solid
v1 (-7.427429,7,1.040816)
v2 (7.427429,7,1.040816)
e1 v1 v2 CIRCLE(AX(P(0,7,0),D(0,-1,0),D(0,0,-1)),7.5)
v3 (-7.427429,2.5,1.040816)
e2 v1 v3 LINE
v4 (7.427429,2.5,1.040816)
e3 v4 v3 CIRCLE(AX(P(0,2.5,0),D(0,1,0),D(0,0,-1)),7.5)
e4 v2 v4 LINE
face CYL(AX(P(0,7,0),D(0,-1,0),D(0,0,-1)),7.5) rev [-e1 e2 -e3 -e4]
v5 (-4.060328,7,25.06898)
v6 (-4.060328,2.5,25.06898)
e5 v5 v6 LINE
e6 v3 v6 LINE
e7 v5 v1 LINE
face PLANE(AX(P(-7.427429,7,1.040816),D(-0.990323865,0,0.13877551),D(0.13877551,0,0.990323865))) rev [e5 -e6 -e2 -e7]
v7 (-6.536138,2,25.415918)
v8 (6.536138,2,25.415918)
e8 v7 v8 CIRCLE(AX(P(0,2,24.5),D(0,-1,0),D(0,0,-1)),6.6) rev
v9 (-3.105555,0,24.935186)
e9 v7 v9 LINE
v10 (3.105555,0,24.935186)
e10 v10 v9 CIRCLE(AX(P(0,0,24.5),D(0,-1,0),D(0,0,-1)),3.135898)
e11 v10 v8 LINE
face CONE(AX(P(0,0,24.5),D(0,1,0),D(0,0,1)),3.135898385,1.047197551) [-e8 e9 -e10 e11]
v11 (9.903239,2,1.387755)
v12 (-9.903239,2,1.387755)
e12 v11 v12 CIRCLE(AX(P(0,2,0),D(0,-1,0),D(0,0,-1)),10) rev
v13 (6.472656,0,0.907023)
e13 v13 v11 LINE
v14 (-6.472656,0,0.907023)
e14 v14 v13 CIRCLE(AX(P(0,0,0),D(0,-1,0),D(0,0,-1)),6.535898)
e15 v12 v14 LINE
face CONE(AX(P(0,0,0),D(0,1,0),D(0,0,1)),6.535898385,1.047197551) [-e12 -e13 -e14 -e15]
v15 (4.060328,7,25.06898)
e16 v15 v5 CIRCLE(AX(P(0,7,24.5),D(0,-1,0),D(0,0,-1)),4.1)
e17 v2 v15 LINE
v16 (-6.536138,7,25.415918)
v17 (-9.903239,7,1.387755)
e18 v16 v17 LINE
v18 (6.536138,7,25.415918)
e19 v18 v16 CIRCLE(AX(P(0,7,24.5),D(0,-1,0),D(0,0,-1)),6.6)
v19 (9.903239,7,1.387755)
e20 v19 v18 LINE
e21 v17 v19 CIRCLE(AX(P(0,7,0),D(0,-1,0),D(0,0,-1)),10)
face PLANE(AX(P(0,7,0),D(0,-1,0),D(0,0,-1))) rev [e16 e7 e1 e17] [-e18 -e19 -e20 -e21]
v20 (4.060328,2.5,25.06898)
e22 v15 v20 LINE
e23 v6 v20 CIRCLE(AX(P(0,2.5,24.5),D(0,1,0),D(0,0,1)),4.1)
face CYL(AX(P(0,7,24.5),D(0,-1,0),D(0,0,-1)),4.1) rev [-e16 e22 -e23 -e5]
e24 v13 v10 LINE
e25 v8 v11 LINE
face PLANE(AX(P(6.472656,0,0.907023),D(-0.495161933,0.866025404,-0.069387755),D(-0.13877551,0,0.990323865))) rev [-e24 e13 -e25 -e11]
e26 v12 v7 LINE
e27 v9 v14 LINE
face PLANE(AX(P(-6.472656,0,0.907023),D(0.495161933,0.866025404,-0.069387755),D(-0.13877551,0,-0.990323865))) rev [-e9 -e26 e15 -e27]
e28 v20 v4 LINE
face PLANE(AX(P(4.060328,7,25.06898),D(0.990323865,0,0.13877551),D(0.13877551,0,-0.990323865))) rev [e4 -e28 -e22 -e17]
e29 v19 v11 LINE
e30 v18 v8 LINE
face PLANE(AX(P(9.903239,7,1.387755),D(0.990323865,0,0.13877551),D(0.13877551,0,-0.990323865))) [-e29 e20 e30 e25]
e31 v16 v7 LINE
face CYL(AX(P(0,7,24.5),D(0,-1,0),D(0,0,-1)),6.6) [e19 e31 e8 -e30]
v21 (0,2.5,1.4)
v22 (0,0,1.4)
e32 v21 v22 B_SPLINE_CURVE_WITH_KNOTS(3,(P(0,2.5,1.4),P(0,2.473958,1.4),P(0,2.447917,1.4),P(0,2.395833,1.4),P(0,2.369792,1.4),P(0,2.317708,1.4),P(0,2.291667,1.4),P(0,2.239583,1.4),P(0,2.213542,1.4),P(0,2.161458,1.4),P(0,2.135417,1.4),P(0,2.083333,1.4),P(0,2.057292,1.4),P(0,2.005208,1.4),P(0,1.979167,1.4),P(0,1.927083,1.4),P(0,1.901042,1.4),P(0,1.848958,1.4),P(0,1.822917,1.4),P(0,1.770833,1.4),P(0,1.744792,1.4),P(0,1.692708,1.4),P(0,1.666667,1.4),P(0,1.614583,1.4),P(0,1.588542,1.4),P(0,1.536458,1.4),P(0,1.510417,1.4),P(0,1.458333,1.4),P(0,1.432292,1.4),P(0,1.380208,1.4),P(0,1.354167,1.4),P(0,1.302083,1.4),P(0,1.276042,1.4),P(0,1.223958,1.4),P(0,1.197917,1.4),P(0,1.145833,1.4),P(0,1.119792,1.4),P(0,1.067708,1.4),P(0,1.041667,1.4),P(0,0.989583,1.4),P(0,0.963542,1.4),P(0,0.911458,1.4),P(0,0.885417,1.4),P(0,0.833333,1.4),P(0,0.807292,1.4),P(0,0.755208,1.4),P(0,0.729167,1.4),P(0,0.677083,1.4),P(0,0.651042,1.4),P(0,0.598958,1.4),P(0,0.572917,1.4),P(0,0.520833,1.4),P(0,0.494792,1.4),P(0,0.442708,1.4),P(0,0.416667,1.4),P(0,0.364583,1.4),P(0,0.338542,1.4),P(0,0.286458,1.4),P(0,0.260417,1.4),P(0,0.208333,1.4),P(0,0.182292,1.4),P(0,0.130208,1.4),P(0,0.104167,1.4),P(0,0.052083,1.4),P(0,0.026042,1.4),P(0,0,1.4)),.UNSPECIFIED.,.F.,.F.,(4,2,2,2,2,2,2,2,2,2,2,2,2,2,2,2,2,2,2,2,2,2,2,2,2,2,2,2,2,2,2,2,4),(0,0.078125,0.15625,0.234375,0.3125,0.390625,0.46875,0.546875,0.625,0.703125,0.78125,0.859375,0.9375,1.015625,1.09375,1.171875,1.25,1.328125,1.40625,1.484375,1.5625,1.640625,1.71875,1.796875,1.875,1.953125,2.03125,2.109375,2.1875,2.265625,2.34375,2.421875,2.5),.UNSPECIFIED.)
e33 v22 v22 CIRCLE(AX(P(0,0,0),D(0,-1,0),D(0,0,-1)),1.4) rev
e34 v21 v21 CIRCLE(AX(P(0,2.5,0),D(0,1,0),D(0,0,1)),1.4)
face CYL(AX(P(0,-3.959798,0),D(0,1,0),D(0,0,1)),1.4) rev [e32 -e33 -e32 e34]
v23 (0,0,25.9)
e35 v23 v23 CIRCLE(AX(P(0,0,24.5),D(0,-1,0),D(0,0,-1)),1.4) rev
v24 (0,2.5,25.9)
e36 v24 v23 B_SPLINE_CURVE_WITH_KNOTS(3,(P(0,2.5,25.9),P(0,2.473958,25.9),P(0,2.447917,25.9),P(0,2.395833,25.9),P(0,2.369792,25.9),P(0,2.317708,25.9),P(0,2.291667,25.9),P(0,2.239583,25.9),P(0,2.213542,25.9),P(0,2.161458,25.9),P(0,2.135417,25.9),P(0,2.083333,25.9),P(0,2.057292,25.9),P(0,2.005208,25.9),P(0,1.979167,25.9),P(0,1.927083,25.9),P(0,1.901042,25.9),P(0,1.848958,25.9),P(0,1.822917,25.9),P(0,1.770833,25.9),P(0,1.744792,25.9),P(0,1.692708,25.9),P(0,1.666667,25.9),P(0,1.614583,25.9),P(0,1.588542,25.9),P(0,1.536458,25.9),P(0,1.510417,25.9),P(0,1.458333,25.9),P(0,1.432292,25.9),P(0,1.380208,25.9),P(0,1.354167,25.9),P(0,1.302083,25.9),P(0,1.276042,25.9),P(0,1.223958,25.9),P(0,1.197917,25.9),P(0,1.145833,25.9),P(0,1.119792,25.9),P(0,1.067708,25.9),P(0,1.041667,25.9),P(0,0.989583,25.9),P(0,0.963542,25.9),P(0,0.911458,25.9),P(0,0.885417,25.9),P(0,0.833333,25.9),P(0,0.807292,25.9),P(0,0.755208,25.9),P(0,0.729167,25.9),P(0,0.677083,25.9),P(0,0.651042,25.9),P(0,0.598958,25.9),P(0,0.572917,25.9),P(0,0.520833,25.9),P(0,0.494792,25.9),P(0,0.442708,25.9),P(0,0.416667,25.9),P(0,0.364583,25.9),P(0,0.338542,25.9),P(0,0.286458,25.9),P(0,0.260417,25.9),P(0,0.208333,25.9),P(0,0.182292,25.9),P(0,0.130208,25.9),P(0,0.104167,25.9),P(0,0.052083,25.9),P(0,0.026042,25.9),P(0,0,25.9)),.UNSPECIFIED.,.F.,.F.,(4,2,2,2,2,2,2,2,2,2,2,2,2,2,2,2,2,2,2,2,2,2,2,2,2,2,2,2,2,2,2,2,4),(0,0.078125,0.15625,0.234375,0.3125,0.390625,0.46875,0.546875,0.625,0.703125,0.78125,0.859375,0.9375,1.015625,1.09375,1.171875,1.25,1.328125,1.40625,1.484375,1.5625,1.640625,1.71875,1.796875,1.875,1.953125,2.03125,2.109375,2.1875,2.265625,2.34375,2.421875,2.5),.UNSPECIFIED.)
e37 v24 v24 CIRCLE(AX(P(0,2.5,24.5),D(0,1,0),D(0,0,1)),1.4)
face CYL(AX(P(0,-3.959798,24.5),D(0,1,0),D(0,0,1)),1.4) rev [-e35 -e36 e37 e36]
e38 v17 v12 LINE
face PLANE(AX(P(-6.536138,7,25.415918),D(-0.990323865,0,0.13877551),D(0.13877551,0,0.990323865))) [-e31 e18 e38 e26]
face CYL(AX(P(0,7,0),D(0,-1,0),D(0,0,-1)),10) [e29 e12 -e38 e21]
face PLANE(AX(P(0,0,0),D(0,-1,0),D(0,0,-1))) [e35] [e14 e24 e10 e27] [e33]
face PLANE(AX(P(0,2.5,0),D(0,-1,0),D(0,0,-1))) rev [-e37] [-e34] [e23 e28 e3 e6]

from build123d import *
from OCP.BRepFilletAPI import BRepFilletAPI_MakeChamfer

# Parameters (mm, degrees)
BOSS_EXTRUDE1_DEPTH = 2.5
BOSS_EXTRUDE2_DEPTH = 7
SKETCH3_R           = 1.4
CUT_EXTRUDE1_DEPTH  = 2.5
CHAMFER1_SIZE       = 2
CHAMFER1_SIZE2      = 3.464101615


with BuildPart() as part:
    # Sketch1 → Boss-Extrude1 (new body)
    with BuildSketch(Plane(origin=(0, 0, 0), x_dir=(1, 0, 0), z_dir=(0, 1, 0))):
        with BuildLine():
            Line((-7.427428988, -1.040816327), (-4.060327847, -25.068979592))
            ThreePointArc((-4.060327847, -25.068979592), (0, -28.6), (4.060327847, -25.068979592))
            Line((4.060327847, -25.068979592), (7.427428988, -1.040816327))
            ThreePointArc((7.427428988, -1.040816327), (0, 7.5), (-7.427428988, -1.040816327))
        make_face()
    extrude(amount=BOSS_EXTRUDE1_DEPTH)

    # Sketch2 → Boss-Extrude2 (add)
    with BuildSketch(Plane.XZ):
        with BuildLine():
            Line((9.903238651, 1.387755102), (6.53613751, 25.415918367))
            ThreePointArc((6.53613751, 25.415918367), (0, 31.1), (-6.53613751, 25.415918367))
            Line((-6.53613751, 25.415918367), (-9.903238651, 1.387755102))
            ThreePointArc((-9.903238651, 1.387755102), (0, -10), (9.903238651, 1.387755102))
        make_face()
        with BuildLine():
            Line((-7.427428988, 1.040816327), (-4.060327847, 25.068979592))
            ThreePointArc((-4.060327847, 25.068979592), (0, 28.6), (4.060327847, 25.068979592))
            Line((4.060327847, 25.068979592), (7.427428988, 1.040816327))
            ThreePointArc((7.427428988, 1.040816327), (0, -7.5), (-7.427428988, 1.040816327))
        make_face(mode=Mode.SUBTRACT)
    extrude(amount=-BOSS_EXTRUDE2_DEPTH)

    # Sketch3 → Cut-Extrude1 (cut)
    with BuildSketch(Plane(origin=(0, 2.5, 0), x_dir=(1, 0, 0), z_dir=(0, 1, 0))):
        with Locations(Location((0, 0, 0), (0, 0, 270))):
            Circle(SKETCH3_R)
        with Locations(Location((0, -24.5, 0), (0, 0, 270))):
            Circle(SKETCH3_R)
    extrude(amount=-CUT_EXTRUDE1_DEPTH, mode=Mode.SUBTRACT)

    # Chamfer1: one chamfer whose edges measure the first distance from different faces: ONE call of the kernel's chamfer builder (chamfer() names one face for all edges)
    chamfer1_edges_1 = [part.edges().sort_by_distance(p)[0] for p in [
        (0, 0, -10),
    ]]
    chamfer1_side_1 = [part.faces().sort_by_distance(p)[0] for p in [
        (0, 3.5, -10),
    ]]
    chamfer1_edges_2 = [part.edges().sort_by_distance(p)[0] for p in [
        (8.21968808, 0, 13.401836735),
    ]]
    chamfer1_side_2 = [part.faces().sort_by_distance(p)[0] for p in [
        (8.21968808, 3.5, 13.401836735),
    ]]
    chamfer1_edges_3 = [part.edges().sort_by_distance(p)[0] for p in [
        (0, 0, 31.1),
    ]]
    chamfer1_side_3 = [part.faces().sort_by_distance(p)[0] for p in [
        (0, 3.5, 31.1),
    ]]
    chamfer1_edges_4 = [part.edges().sort_by_distance(p)[0] for p in [
        (-8.21968808, 0, 13.401836735),
    ]]
    chamfer1_side_4 = [part.faces().sort_by_distance(p)[0] for p in [
        (-8.21968808, 3.5, 13.401836735),
    ]]
    chamfer1 = BRepFilletAPI_MakeChamfer(part.part.solid().wrapped)
    for e in chamfer1_edges_1:
        chamfer1.Add(CHAMFER1_SIZE, CHAMFER1_SIZE2, e.wrapped, chamfer1_side_1[0].wrapped)  # the first distance lies on this face
    for e in chamfer1_edges_2:
        chamfer1.Add(CHAMFER1_SIZE, CHAMFER1_SIZE2, e.wrapped, chamfer1_side_2[0].wrapped)  # the first distance lies on this face
    for e in chamfer1_edges_3:
        chamfer1.Add(CHAMFER1_SIZE, CHAMFER1_SIZE2, e.wrapped, chamfer1_side_3[0].wrapped)  # the first distance lies on this face
    for e in chamfer1_edges_4:
        chamfer1.Add(CHAMFER1_SIZE, CHAMFER1_SIZE2, e.wrapped, chamfer1_side_4[0].wrapped)  # the first distance lies on this face
    add(Compound.cast(chamfer1.Shape()), mode=Mode.REPLACE)


solid = part.part
